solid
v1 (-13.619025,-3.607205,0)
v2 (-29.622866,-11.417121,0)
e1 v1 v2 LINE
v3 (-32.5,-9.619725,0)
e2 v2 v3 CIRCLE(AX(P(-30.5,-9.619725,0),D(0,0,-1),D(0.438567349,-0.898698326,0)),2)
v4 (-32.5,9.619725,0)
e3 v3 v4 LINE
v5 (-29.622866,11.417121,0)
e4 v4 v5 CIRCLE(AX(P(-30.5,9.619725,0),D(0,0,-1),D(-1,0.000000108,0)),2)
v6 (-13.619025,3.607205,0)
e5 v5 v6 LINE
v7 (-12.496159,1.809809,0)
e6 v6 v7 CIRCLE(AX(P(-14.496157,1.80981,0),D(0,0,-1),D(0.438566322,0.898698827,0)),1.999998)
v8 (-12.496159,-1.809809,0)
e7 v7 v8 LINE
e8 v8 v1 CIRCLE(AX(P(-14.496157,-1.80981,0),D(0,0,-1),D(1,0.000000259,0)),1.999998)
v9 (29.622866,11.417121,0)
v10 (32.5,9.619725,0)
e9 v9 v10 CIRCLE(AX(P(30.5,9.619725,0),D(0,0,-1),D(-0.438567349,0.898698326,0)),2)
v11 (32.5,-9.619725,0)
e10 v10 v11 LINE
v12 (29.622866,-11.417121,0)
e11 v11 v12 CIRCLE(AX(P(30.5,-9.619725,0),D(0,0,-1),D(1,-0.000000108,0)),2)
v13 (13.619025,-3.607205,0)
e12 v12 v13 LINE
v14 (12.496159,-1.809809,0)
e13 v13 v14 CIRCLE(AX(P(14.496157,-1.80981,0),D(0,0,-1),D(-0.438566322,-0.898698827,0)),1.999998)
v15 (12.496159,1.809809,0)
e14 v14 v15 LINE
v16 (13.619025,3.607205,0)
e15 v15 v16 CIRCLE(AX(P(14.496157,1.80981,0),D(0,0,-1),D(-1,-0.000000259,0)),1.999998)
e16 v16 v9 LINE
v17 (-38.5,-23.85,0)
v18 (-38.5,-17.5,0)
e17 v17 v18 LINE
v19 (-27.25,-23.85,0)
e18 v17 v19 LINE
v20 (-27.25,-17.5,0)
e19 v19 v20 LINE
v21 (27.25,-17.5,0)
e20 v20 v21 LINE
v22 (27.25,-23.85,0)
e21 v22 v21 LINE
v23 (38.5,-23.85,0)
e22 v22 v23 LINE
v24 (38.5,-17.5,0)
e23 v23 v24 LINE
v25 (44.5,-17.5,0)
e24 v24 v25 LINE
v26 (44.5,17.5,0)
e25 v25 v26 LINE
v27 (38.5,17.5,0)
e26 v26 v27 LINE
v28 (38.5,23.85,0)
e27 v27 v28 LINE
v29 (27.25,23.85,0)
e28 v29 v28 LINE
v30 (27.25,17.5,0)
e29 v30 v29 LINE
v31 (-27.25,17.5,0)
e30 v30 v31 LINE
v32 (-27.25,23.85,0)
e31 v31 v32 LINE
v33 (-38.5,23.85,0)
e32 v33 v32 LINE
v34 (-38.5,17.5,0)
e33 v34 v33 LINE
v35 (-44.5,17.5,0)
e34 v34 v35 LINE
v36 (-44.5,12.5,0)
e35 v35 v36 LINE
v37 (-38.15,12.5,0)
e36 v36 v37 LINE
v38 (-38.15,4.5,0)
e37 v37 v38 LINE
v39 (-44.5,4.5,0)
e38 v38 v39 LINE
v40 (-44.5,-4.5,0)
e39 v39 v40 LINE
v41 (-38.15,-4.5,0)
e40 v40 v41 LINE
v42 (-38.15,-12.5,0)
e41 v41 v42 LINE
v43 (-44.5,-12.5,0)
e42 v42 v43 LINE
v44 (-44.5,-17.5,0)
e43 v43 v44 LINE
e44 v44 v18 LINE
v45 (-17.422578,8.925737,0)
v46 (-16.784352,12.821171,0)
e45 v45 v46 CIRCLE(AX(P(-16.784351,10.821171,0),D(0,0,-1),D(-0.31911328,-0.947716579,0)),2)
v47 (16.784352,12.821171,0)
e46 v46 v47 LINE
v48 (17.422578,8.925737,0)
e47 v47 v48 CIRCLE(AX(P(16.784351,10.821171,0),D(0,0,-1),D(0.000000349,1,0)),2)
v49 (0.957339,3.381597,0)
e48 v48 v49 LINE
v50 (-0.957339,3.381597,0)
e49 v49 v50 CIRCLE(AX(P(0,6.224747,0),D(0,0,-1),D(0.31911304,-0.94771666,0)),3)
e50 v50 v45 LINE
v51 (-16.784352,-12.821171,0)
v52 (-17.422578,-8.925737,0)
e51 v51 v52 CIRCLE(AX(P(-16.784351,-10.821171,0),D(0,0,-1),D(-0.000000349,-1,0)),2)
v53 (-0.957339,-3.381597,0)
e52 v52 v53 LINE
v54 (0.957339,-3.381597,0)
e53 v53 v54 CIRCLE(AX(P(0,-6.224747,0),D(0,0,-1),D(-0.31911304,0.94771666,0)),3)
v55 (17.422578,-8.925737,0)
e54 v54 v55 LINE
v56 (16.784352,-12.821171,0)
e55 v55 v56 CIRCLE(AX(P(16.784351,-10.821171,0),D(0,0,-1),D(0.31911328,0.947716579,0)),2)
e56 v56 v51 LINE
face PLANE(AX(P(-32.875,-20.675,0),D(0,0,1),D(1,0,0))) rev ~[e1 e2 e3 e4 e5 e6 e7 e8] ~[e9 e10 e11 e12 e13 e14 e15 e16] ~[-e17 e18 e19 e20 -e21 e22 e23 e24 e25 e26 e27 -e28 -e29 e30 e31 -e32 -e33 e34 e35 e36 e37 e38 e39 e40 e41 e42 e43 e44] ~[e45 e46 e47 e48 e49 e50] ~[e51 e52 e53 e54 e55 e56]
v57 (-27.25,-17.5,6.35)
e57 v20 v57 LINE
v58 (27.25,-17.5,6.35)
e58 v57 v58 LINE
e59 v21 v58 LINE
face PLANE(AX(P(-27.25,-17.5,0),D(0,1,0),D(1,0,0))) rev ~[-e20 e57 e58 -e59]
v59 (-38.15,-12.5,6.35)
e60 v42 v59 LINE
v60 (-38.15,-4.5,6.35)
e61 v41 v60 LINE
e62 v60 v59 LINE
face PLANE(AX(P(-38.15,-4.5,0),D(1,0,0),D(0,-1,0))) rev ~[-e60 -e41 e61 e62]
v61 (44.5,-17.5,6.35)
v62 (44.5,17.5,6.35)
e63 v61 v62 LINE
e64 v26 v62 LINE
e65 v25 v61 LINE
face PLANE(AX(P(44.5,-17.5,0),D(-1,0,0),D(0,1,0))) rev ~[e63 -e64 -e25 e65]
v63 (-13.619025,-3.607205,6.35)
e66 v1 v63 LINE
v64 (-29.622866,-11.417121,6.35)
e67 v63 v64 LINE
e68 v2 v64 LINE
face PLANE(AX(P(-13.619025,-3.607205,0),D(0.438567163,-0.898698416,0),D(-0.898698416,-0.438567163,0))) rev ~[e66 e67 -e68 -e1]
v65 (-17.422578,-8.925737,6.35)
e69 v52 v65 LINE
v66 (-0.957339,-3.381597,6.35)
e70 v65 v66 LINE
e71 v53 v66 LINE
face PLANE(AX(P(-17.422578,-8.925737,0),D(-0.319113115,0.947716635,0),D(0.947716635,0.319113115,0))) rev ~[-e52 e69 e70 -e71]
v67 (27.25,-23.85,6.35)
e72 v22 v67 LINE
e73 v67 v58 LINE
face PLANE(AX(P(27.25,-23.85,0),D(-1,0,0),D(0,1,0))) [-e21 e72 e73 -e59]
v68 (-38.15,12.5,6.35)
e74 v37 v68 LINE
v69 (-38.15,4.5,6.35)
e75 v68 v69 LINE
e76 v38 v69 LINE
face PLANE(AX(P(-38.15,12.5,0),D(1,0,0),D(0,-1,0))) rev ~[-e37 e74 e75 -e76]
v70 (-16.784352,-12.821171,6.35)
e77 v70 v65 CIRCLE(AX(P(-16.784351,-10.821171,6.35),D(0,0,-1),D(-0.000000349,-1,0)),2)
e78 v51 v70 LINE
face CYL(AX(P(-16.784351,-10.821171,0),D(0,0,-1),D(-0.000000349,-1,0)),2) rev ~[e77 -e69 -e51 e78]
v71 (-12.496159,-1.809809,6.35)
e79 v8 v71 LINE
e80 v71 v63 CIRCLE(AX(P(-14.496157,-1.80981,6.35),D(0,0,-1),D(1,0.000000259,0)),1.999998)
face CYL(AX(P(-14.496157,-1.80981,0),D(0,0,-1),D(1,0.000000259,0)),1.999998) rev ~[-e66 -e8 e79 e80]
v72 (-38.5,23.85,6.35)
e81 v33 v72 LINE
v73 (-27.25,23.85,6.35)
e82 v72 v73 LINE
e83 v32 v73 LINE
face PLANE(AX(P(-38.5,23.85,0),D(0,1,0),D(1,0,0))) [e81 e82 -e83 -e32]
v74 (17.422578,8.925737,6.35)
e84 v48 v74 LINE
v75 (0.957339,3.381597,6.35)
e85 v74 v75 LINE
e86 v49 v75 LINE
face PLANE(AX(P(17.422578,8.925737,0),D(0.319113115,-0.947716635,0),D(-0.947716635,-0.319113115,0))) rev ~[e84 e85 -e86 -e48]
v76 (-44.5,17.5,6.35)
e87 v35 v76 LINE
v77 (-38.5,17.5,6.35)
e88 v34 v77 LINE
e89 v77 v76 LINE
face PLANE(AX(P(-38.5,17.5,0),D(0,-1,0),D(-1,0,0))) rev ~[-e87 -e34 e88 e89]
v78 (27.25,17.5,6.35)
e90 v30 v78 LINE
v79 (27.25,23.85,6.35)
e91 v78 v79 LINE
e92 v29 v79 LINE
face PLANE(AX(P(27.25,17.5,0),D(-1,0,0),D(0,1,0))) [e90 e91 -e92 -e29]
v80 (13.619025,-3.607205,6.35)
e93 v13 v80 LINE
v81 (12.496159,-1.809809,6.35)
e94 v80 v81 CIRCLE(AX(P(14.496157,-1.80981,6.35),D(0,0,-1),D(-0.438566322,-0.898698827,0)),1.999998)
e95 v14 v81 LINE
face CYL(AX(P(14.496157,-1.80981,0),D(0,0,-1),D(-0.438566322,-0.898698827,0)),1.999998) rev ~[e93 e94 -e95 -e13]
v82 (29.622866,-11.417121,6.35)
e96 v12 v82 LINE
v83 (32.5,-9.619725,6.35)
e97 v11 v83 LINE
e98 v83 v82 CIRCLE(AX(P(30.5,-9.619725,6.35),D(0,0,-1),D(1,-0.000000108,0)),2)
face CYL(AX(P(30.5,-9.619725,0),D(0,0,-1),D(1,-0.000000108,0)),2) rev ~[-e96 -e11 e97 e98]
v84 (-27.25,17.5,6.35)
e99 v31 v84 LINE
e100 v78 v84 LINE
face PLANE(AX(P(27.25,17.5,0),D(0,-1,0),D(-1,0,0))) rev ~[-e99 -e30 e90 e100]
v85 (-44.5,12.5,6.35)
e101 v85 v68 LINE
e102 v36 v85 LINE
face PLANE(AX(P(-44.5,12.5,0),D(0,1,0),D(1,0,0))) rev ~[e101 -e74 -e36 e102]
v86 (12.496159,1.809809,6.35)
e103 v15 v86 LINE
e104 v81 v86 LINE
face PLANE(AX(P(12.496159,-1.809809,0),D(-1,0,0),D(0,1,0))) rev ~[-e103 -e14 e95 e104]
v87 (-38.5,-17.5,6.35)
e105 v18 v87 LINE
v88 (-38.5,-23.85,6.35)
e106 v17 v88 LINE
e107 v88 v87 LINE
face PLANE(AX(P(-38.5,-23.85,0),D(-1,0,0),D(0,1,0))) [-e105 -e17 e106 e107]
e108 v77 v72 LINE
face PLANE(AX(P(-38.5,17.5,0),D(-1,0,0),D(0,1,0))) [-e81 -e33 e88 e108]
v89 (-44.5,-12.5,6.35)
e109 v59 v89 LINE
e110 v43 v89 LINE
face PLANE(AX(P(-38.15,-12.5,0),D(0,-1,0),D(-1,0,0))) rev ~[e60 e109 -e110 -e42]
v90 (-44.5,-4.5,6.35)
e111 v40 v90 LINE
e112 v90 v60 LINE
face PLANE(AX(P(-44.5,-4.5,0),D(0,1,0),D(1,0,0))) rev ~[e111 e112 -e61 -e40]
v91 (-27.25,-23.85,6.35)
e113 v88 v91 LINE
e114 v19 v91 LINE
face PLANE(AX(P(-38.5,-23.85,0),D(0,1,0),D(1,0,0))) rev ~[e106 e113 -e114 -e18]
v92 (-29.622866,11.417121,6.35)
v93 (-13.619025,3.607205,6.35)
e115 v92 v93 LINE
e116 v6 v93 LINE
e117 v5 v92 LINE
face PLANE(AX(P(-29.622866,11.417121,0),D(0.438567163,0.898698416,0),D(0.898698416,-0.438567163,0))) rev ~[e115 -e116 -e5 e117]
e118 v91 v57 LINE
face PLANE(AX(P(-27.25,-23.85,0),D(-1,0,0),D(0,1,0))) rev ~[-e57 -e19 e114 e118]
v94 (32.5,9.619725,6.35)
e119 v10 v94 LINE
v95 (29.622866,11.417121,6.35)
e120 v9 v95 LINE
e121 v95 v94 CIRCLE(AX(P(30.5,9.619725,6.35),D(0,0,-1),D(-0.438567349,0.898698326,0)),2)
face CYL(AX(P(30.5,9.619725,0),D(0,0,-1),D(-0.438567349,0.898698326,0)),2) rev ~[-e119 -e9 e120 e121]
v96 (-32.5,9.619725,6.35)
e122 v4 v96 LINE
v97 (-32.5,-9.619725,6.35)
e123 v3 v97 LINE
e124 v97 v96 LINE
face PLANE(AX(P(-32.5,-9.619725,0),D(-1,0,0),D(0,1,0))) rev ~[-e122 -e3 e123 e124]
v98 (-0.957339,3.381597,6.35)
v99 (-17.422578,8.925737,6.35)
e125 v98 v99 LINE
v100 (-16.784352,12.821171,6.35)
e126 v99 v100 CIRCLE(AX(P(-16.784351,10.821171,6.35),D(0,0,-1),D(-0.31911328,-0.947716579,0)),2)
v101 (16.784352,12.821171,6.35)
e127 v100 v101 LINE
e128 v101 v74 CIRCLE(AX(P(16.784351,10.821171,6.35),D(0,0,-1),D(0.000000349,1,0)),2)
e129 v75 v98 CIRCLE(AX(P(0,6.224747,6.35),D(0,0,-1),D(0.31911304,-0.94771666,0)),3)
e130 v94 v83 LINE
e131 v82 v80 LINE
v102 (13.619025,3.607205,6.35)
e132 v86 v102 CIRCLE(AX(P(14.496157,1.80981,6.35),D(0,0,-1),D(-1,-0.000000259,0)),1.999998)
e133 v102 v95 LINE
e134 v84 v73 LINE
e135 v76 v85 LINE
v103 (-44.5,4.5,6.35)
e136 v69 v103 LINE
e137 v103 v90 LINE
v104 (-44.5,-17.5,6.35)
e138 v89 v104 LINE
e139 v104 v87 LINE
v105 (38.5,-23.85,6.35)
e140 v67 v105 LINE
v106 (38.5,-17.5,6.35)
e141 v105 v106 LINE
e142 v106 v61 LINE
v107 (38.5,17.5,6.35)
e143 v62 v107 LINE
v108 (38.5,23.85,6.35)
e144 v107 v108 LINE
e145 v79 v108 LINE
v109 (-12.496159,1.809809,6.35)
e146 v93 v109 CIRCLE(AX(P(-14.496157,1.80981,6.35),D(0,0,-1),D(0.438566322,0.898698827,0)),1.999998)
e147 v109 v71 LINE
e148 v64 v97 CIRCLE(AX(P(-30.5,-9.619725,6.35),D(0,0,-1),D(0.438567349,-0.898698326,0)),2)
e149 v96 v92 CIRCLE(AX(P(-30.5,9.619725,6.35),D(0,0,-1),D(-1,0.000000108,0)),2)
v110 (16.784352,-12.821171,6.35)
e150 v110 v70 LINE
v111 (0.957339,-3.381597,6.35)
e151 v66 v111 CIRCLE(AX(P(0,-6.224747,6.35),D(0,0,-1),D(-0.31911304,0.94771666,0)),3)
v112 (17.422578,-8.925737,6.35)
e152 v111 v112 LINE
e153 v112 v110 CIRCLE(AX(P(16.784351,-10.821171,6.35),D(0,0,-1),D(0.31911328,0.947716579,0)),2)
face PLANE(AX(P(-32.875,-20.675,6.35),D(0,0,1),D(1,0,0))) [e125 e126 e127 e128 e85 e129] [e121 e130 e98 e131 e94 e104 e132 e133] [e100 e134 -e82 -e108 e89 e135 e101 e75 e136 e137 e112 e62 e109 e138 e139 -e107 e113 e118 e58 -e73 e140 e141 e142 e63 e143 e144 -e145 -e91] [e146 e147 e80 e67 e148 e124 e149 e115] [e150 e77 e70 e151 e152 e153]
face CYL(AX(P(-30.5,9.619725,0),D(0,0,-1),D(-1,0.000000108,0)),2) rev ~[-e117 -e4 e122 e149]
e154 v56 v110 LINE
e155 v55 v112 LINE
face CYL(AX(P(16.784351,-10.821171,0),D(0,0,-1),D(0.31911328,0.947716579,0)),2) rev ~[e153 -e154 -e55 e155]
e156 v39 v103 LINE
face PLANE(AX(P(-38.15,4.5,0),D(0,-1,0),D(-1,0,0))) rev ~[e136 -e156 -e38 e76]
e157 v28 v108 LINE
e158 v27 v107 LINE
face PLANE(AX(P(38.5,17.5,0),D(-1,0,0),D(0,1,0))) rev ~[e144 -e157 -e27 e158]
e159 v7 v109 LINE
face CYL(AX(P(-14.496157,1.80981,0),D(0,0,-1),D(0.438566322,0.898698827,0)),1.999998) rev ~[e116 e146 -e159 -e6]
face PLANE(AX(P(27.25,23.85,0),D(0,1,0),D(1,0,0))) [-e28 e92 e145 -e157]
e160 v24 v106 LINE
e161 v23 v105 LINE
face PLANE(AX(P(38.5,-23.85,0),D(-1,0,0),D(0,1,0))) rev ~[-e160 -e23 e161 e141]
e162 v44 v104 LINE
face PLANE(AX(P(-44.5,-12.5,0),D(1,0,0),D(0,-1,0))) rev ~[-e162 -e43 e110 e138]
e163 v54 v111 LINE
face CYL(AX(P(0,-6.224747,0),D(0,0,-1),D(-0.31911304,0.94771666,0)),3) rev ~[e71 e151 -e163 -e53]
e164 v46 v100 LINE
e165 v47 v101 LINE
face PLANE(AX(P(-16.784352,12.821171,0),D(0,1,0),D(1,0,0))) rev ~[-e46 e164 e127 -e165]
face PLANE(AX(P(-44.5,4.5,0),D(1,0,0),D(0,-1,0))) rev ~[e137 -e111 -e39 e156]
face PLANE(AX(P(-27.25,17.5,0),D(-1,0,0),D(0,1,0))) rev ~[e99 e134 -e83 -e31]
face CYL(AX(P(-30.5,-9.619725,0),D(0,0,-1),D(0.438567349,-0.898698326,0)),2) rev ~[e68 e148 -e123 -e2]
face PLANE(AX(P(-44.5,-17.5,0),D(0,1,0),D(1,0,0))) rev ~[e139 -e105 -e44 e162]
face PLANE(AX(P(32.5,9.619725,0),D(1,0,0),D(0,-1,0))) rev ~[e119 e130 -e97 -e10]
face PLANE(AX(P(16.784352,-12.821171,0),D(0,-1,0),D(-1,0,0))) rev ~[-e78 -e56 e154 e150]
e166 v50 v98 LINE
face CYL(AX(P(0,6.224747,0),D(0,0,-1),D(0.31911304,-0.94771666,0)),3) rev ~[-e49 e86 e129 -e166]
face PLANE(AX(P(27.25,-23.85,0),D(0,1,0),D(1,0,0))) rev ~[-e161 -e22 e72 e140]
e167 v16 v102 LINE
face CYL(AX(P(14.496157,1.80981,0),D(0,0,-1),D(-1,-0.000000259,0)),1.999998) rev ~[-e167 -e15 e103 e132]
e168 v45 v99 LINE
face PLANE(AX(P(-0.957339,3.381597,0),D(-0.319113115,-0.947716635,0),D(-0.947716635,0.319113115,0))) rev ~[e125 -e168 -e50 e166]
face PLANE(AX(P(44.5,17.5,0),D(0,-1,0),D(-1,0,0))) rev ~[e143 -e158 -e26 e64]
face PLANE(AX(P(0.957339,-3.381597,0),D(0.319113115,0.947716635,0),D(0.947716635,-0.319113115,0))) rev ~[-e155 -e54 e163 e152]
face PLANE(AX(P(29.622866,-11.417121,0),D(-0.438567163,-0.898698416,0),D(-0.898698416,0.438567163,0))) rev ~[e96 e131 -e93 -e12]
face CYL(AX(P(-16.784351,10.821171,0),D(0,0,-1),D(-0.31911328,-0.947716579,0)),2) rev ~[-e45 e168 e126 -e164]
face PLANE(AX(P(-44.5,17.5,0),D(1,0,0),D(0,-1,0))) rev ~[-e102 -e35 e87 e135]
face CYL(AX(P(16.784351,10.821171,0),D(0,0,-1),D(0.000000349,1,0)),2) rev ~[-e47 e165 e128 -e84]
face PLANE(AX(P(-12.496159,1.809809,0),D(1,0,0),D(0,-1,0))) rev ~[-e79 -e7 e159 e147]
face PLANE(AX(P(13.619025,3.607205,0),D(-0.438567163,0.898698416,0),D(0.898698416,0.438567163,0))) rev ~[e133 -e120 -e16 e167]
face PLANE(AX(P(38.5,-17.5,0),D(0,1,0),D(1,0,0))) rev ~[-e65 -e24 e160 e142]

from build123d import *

# Parameters (mm, degrees)
F0_W     = 11.25
F0_H     = 6.35
F1_DEPTH = 6.35


with BuildPart() as f1:
    # F0 (on Top) → F1 (new body)
    with BuildSketch(Plane.XY):
        with Locations((-32.875, -20.675)):
            Rectangle(F0_W, F0_H)
        with Locations((32.875, -20.675)):
            Rectangle(F0_W, F0_H)
        Polygon((-38.5, 17.5), (-44.5, 17.5), (-44.5, 12.5), (-38.15, 12.5), (-38.15, 4.5), (-44.5, 4.5), (-44.5, -4.5), (-38.15, -4.5), (-38.15, -12.5), (-44.5, -12.5), (-44.5, -17.5), (-38.5, -17.5), (-27.25, -17.5), (27.25, -17.5), (38.5, -17.5), (44.5, -17.5), (44.5, 17.5), (38.5, 17.5), (27.25, 17.5), (-27.25, 17.5), align=None)
        with BuildLine():
            ThreePointArc((-16.784352, -12.821171), (-18.758037, -11.144538), (-17.422578, -8.925737))
            Line((-17.422578, -8.925737), (-0.957339, -3.381597))
            ThreePointArc((-0.957339, -3.381597), (0, -3.224747), (0.957339, -3.381597))
            Line((0.957339, -3.381597), (17.422578, -8.925737))
            ThreePointArc((17.422578, -8.925737), (18.758037, -11.144538), (16.784352, -12.821171))
            Line((16.784352, -12.821171), (0, -12.821171))
            Line((0, -12.821171), (-16.784352, -12.821171))
        make_face(mode=Mode.SUBTRACT)
        with BuildLine():
            Line((-32.5, -9.619725), (-32.5, 0))
            Line((-32.5, 0), (-32.5, 9.619725))
            ThreePointArc((-32.5, 9.619725), (-31.559654, 11.315936), (-29.622866, 11.417121))
            Line((-29.622866, 11.417121), (-13.619025, 3.607205))
            ThreePointArc((-13.619025, 3.607205), (-12.799947, 2.869462), (-12.496159, 1.809809))
            Line((-12.496159, 1.809809), (-12.496159, 0))
            Line((-12.496159, 0), (-12.496159, -1.809809))
            ThreePointArc((-12.496159, -1.809809), (-12.799947, -2.869462), (-13.619025, -3.607205))
            Line((-13.619025, -3.607205), (-29.622866, -11.417121))
            ThreePointArc((-29.622866, -11.417121), (-31.559654, -11.315936), (-32.5, -9.619725))
        make_face(mode=Mode.SUBTRACT)
        with BuildLine():
            Line((17.422578, 8.925737), (0.957339, 3.381597))
            ThreePointArc((0.957339, 3.381597), (0, 3.224747), (-0.957339, 3.381597))
            Line((-0.957339, 3.381597), (-17.422578, 8.925737))
            ThreePointArc((-17.422578, 8.925737), (-18.758037, 11.144538), (-16.784352, 12.821171))
            Line((-16.784352, 12.821171), (0, 12.821171))
            Line((0, 12.821171), (16.784352, 12.821171))
            ThreePointArc((16.784352, 12.821171), (18.758037, 11.144538), (17.422578, 8.925737))
        make_face(mode=Mode.SUBTRACT)
        with BuildLine():
            ThreePointArc((13.619025, -3.607205), (12.799947, -2.869462), (12.496159, -1.809809))
            Line((12.496159, -1.809809), (12.496159, 0))
            Line((12.496159, 0), (12.496159, 1.809809))
            ThreePointArc((12.496159, 1.809809), (12.799947, 2.869462), (13.619025, 3.607205))
            Line((13.619025, 3.607205), (29.622866, 11.417121))
            ThreePointArc((29.622866, 11.417121), (31.559654, 11.315936), (32.5, 9.619725))
            Line((32.5, 9.619725), (32.5, 0))
            Line((32.5, 0), (32.5, -9.619725))
            ThreePointArc((32.5, -9.619725), (31.559654, -11.315936), (29.622866, -11.417121))
            Line((29.622866, -11.417121), (13.619025, -3.607205))
        make_face(mode=Mode.SUBTRACT)
        with Locations((-32.875, 20.675)):
            Rectangle(F0_W, F0_H)
        with Locations((32.875, 20.675)):
            Rectangle(F0_W, F0_H)
    extrude(amount=F1_DEPTH)


solid = f1.part
